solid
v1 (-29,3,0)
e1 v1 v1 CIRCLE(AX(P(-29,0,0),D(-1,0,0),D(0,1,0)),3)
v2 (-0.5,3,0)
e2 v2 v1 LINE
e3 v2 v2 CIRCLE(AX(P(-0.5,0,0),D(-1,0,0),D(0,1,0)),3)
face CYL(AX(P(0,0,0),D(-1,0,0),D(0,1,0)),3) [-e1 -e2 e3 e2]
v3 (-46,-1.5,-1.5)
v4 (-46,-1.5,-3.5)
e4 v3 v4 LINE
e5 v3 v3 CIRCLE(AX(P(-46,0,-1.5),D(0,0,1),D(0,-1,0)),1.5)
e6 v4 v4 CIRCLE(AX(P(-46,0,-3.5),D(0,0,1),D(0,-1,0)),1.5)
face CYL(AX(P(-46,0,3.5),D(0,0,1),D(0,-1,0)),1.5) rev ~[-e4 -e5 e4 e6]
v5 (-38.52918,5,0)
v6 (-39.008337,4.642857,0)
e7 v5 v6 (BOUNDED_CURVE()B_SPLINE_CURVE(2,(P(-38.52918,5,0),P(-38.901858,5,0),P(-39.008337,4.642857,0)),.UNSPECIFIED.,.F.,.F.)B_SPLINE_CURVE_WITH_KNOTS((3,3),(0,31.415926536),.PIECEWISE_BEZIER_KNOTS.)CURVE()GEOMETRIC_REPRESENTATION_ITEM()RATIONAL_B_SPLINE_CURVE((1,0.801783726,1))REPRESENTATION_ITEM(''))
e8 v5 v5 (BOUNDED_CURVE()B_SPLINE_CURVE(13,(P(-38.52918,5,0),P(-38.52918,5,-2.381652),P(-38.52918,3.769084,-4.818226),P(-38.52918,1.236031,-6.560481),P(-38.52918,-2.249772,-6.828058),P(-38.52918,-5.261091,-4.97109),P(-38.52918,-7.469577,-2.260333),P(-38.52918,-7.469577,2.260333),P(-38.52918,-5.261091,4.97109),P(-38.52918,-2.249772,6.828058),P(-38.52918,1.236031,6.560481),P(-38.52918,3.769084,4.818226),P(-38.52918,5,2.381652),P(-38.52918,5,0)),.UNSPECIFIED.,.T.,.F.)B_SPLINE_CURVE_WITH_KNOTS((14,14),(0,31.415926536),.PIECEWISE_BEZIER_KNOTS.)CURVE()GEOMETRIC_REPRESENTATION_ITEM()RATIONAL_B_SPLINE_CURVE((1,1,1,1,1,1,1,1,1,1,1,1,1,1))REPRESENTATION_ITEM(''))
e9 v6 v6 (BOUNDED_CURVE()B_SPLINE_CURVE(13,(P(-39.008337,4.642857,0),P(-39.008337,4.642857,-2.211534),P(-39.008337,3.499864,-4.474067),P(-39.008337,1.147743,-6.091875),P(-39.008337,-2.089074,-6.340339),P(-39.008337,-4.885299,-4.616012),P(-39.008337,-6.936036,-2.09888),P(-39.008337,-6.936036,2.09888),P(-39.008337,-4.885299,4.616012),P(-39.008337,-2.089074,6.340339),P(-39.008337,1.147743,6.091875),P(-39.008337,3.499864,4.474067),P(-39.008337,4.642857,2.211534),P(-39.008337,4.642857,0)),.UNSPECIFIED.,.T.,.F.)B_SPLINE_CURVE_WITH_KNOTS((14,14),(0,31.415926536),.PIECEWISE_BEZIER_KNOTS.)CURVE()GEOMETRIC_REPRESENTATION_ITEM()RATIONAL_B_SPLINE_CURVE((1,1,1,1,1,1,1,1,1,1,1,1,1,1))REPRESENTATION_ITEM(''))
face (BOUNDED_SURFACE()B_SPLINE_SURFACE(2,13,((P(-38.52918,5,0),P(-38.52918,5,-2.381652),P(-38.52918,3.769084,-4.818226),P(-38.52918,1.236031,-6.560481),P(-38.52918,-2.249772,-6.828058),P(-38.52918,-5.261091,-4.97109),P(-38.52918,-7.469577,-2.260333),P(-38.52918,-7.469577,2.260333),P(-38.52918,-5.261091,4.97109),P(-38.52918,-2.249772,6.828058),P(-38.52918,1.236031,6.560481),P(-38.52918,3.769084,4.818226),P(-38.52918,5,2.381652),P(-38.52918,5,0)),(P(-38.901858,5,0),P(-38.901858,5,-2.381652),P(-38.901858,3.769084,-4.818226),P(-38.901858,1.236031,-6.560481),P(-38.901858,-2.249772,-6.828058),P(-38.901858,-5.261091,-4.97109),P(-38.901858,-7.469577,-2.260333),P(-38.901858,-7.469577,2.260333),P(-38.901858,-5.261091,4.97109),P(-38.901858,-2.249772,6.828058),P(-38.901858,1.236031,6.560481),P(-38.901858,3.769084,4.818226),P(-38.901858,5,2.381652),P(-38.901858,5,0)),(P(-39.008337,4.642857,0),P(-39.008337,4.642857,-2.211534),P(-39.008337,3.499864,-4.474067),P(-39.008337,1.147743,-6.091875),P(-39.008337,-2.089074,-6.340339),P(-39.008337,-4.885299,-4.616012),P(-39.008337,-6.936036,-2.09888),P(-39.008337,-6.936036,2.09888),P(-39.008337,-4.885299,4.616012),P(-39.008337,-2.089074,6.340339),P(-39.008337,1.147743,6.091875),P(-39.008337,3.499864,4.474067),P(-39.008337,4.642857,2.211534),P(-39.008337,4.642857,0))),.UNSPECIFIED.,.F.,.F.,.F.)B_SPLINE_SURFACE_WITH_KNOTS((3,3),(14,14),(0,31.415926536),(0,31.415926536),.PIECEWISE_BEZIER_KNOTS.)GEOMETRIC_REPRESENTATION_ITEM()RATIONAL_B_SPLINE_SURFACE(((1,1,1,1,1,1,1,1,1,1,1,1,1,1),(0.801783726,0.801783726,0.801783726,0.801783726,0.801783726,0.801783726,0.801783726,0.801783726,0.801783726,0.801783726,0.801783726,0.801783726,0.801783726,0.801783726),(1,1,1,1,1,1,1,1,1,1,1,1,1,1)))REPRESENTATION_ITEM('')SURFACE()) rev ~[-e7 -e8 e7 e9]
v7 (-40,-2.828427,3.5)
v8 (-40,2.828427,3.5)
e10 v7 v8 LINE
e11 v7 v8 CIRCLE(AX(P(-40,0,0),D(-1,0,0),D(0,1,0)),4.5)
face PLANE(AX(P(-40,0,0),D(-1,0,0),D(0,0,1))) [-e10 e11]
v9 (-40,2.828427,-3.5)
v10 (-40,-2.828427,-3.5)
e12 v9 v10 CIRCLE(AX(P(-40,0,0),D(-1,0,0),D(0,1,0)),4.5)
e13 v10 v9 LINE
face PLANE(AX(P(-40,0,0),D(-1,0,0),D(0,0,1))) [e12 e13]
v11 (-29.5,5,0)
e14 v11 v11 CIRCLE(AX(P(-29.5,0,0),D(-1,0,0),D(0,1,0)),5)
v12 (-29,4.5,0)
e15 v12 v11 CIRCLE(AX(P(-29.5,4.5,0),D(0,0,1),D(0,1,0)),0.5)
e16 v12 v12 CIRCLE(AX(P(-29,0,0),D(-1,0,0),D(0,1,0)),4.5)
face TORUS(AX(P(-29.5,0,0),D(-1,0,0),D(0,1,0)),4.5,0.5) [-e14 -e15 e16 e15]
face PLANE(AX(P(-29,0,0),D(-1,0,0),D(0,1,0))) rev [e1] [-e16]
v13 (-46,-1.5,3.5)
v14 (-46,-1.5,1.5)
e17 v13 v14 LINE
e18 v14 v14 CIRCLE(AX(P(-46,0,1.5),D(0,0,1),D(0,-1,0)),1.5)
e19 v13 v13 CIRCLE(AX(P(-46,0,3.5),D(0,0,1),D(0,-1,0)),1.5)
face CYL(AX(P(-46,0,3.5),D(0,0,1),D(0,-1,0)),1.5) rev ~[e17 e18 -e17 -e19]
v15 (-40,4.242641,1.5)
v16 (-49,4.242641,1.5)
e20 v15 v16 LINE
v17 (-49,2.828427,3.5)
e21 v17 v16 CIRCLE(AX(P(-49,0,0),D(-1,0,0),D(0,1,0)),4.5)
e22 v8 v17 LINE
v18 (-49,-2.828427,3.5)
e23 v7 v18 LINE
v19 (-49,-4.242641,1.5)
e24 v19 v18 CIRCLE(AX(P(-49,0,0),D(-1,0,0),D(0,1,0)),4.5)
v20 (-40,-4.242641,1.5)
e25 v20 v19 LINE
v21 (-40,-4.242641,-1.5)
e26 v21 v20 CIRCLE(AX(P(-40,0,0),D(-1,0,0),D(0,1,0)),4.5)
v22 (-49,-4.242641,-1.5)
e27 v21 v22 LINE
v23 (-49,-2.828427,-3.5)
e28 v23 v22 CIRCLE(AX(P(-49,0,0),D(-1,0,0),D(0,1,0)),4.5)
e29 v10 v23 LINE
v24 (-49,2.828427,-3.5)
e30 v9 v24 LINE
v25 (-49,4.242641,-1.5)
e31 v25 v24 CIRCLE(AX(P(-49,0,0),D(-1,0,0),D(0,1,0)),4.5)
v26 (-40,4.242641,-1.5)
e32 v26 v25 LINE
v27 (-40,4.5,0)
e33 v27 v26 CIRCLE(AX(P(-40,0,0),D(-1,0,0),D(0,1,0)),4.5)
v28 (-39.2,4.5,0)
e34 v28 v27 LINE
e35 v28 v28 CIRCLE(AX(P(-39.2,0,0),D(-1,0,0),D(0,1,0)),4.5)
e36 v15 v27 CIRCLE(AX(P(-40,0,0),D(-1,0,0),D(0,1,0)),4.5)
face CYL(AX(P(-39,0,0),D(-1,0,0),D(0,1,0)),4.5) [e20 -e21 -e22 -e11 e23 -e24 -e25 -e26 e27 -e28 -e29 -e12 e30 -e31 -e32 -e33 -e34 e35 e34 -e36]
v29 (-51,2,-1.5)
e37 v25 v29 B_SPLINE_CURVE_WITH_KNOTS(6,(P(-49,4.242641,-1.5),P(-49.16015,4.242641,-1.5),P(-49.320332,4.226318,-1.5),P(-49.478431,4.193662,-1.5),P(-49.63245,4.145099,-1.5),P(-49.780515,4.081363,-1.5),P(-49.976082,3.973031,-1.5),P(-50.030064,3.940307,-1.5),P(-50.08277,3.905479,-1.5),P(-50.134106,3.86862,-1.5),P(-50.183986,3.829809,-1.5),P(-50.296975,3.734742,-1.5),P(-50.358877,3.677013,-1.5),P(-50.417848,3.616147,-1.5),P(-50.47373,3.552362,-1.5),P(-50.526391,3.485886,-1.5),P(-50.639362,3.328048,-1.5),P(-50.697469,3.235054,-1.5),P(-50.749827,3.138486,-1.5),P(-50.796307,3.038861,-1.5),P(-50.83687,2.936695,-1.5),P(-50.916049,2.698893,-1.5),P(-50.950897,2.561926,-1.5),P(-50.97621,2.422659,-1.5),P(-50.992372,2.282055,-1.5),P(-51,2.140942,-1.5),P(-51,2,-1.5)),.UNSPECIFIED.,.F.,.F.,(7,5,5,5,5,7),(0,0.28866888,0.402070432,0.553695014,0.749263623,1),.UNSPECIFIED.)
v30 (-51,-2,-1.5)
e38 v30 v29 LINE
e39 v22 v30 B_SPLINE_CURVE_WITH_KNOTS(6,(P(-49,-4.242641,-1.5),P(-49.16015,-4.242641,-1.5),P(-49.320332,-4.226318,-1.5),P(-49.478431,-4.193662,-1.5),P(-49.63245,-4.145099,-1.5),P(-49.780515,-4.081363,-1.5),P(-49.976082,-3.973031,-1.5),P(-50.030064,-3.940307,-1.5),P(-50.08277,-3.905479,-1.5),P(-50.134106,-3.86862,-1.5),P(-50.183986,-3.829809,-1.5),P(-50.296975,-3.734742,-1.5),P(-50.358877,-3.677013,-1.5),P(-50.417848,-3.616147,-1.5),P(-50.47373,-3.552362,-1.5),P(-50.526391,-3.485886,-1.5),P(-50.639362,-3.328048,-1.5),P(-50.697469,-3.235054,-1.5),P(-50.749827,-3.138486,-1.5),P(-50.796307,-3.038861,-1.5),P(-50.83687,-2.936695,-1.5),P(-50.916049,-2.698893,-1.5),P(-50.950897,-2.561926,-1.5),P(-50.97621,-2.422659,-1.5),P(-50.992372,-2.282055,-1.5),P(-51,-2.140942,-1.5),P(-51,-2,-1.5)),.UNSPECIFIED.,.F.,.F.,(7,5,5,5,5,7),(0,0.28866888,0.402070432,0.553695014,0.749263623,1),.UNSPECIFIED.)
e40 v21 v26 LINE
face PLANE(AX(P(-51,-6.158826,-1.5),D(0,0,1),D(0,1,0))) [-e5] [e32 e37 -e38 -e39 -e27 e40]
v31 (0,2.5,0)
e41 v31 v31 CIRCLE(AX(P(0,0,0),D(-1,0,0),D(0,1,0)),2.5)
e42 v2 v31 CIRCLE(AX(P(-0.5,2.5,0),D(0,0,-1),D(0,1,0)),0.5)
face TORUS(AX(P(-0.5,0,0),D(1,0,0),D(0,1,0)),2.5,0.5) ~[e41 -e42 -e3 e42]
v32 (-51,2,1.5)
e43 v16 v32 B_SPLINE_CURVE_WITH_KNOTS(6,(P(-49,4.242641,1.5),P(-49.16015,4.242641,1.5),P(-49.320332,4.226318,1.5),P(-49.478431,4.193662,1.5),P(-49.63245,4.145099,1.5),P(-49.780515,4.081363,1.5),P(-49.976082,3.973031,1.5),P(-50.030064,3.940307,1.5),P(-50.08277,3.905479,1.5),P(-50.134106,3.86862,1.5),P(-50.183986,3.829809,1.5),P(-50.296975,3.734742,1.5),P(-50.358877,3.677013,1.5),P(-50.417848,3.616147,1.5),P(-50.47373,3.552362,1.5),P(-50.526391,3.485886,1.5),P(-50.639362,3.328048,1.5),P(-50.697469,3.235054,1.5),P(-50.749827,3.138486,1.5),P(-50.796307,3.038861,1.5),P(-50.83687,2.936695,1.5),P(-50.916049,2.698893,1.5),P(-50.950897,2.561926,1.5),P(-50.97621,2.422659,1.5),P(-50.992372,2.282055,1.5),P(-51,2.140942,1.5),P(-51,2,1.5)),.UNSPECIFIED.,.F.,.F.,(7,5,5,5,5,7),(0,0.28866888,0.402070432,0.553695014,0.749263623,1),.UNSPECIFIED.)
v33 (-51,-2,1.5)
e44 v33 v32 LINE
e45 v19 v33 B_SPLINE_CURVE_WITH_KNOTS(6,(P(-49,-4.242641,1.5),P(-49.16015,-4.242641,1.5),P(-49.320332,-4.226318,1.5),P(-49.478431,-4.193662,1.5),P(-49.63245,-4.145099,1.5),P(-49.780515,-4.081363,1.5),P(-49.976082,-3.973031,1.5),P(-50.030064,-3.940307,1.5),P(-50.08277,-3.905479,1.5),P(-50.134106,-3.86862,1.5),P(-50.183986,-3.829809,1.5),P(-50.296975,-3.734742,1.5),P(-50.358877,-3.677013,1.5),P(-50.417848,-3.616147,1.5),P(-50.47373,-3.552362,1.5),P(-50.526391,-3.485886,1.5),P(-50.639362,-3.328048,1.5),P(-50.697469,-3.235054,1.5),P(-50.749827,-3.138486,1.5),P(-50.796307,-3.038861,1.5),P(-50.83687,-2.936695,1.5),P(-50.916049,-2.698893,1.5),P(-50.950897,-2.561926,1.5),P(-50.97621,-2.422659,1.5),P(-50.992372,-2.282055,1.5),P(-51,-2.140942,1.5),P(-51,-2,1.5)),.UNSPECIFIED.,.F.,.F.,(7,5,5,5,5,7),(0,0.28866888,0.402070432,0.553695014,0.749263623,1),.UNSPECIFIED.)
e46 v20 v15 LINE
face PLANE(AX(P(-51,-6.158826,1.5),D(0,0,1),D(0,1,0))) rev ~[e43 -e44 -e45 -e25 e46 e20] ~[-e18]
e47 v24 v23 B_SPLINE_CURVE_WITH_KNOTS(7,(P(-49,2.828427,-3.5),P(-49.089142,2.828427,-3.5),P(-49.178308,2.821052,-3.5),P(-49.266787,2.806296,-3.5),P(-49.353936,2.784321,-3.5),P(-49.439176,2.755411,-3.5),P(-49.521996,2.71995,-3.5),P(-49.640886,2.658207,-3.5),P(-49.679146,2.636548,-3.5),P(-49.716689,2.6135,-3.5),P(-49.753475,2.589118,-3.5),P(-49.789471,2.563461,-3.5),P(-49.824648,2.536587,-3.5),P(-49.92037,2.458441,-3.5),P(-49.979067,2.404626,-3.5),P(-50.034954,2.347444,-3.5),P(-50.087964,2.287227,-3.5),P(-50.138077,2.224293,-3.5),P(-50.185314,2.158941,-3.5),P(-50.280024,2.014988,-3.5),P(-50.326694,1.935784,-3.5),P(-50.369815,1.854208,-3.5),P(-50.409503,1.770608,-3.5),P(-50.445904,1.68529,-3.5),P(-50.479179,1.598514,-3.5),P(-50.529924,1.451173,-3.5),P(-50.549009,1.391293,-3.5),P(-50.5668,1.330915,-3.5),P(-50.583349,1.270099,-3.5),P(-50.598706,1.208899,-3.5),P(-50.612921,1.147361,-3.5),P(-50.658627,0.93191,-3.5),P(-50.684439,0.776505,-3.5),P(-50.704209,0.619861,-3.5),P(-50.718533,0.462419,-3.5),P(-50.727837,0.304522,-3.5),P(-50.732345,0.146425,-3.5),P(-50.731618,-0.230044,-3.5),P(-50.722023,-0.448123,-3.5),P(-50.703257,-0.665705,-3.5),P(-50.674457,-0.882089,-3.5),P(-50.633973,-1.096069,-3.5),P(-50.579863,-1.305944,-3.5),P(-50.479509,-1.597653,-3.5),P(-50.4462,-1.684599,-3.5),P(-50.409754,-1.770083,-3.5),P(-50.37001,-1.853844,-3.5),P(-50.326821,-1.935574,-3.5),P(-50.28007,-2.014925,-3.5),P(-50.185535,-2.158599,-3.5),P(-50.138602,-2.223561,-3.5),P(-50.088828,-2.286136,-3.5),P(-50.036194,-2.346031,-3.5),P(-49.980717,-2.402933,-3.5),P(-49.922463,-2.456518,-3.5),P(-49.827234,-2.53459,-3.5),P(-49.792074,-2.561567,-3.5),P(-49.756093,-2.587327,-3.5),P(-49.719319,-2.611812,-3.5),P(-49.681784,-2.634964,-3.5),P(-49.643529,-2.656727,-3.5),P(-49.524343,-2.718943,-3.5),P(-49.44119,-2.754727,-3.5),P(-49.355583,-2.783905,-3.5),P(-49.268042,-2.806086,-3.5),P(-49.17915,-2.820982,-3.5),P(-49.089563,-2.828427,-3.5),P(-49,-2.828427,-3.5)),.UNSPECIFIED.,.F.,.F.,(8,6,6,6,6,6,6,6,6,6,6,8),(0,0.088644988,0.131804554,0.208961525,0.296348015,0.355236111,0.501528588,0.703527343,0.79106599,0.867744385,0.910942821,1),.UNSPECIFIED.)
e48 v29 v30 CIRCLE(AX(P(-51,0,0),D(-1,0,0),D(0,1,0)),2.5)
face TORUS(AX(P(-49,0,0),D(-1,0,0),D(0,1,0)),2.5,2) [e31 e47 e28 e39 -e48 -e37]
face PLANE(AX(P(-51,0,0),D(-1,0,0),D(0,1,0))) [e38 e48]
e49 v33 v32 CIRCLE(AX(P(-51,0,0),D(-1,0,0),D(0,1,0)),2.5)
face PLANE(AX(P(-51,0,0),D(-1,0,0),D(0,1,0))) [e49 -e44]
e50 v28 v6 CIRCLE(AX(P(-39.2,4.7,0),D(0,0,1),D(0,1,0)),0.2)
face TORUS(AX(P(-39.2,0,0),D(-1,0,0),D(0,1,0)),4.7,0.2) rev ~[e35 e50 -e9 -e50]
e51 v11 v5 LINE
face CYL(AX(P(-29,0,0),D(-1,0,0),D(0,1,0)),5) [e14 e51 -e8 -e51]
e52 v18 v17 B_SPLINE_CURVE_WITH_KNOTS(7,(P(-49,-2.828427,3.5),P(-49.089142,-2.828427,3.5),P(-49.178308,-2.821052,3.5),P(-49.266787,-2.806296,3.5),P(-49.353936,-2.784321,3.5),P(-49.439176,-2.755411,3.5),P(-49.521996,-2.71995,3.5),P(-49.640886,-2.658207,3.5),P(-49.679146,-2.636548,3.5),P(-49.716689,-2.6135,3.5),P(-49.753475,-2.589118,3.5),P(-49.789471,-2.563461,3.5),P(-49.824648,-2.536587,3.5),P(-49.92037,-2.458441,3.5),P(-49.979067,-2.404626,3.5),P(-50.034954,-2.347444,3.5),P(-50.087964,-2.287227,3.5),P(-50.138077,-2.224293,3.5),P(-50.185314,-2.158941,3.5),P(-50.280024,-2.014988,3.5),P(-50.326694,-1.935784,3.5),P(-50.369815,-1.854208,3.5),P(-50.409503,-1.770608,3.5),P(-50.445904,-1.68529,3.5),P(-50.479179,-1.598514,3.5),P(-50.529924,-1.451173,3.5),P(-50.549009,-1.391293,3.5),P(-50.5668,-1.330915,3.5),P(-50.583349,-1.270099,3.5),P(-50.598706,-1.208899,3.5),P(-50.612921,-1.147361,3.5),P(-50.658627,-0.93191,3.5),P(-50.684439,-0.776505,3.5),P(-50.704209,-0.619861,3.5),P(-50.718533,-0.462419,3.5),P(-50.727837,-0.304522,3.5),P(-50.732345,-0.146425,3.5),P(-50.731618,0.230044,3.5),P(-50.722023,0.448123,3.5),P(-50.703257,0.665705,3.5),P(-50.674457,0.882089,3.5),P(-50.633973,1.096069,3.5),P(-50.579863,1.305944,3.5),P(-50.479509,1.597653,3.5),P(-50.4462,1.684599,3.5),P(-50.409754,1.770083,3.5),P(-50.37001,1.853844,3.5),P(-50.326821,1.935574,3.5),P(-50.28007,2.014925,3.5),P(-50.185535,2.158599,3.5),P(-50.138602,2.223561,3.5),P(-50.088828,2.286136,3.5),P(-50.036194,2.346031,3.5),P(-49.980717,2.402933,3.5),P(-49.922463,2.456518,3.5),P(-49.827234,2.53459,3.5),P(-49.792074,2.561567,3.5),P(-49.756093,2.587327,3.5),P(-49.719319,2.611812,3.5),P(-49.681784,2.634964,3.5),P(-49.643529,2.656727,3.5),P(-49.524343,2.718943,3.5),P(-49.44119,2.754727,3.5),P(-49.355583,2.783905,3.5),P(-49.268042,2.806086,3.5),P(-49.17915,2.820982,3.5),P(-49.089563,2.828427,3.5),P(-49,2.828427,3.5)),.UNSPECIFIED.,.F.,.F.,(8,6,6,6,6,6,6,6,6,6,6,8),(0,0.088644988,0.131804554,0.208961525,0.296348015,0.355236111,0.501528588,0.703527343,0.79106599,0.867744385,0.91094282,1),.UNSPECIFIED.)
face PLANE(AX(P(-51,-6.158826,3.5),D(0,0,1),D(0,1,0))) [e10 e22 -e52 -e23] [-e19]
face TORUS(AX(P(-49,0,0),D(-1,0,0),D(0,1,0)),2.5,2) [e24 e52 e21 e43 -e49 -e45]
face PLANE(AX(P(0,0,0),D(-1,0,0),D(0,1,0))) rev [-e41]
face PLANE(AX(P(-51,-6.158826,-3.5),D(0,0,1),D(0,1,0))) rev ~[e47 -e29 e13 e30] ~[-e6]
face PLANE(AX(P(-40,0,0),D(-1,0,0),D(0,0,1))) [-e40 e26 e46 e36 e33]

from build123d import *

# Parameters (mm, degrees)
FILLET_1_R          = 2
SKETCH_2_R          = 7.321356554
SKETCH_2_W          = 2
SKETCH_2_H          = 11.961651185
CUT_EXTRUDE_1_DEPTH = 11
CUT_EXTRUDE_2_REACH = 53.945
SKETCH_3_R          = 1.5
FILLET_2_R          = 0.2
FILLET_3_R          = 0.5
FILLET_4_R          = 0.5


with BuildPart() as part:
    # 草图1 → 旋转1 (revolve)
    with BuildSketch(Plane.XY):
        Polygon((0, 0), (0, 3), (-29, 3), (-29, 5), (-39, 5), (-39, 4.5), (-51, 4.5), (-51, 0), align=None)
    revolve(axis=Axis((0, 0, 0), (-1, 0, 0)))

    # 圆角1
    fillet_1_edges = [part.edges().sort_by_distance(p)[0] for p in [
        (-51, -4.5, 0),
    ]]
    fillet(fillet_1_edges, radius=FILLET_1_R)

    # 草图2 → 切除-拉伸1 (cut)
    with BuildSketch(Plane.ZY.offset(51)):
        Circle(SKETCH_2_R)
        with Locations((2.5, -0.178000761)):
            Rectangle(SKETCH_2_W, SKETCH_2_H, mode=Mode.SUBTRACT)
        with Locations((-2.5, -0.178000761)):
            Rectangle(SKETCH_2_W, SKETCH_2_H, mode=Mode.SUBTRACT)
    extrude(amount=-CUT_EXTRUDE_1_DEPTH, mode=Mode.SUBTRACT)

    # 切除-拉伸2: up to this face of the body (flat: up to its plane)
    cut_extrude_2_end = Plane(part.part.faces().sort_by_distance((-45.204174513, -1.4e-08, -3.5))[0])
    # 草图3 → 切除-拉伸2 (cut, up to the picked face)
    with BuildSketch(Plane.XY.offset(3.5), mode=Mode.PRIVATE) as cut_extrude_2_sk1:
        with Locations(Location((-46, 0, 0), (0, 0, 270))):
            Circle(SKETCH_3_R)
    cut_extrude_2_tool1 = split(extrude(cut_extrude_2_sk1.sketch, amount=-CUT_EXTRUDE_2_REACH, mode=Mode.PRIVATE), bisect_by=cut_extrude_2_end, keep=Keep.BOTH, mode=Mode.PRIVATE)
    add(cut_extrude_2_tool1.solids().sort_by(Axis((-46, 0, 3.5), (0, 0, -1)))[0], mode=Mode.SUBTRACT)

    # 圆角2
    fillet_2_edges = [part.edges().sort_by_distance(p)[0] for p in [
        (-39, -4.5, 0),
    ]]
    fillet(fillet_2_edges, radius=FILLET_2_R)

    # 圆角3
    fillet_3_edges = [part.edges().sort_by_distance(p)[0] for p in [
        (0, -3, 0),
    ]]
    fillet(fillet_3_edges, radius=FILLET_3_R)

    # 圆角4
    fillet_4_edges = [part.edges().sort_by_distance(p)[0] for p in [
        (-29, -5, 0),
        (-39, -5, 0),
    ]]
    fillet(fillet_4_edges, radius=FILLET_4_R)


solid = part.part
